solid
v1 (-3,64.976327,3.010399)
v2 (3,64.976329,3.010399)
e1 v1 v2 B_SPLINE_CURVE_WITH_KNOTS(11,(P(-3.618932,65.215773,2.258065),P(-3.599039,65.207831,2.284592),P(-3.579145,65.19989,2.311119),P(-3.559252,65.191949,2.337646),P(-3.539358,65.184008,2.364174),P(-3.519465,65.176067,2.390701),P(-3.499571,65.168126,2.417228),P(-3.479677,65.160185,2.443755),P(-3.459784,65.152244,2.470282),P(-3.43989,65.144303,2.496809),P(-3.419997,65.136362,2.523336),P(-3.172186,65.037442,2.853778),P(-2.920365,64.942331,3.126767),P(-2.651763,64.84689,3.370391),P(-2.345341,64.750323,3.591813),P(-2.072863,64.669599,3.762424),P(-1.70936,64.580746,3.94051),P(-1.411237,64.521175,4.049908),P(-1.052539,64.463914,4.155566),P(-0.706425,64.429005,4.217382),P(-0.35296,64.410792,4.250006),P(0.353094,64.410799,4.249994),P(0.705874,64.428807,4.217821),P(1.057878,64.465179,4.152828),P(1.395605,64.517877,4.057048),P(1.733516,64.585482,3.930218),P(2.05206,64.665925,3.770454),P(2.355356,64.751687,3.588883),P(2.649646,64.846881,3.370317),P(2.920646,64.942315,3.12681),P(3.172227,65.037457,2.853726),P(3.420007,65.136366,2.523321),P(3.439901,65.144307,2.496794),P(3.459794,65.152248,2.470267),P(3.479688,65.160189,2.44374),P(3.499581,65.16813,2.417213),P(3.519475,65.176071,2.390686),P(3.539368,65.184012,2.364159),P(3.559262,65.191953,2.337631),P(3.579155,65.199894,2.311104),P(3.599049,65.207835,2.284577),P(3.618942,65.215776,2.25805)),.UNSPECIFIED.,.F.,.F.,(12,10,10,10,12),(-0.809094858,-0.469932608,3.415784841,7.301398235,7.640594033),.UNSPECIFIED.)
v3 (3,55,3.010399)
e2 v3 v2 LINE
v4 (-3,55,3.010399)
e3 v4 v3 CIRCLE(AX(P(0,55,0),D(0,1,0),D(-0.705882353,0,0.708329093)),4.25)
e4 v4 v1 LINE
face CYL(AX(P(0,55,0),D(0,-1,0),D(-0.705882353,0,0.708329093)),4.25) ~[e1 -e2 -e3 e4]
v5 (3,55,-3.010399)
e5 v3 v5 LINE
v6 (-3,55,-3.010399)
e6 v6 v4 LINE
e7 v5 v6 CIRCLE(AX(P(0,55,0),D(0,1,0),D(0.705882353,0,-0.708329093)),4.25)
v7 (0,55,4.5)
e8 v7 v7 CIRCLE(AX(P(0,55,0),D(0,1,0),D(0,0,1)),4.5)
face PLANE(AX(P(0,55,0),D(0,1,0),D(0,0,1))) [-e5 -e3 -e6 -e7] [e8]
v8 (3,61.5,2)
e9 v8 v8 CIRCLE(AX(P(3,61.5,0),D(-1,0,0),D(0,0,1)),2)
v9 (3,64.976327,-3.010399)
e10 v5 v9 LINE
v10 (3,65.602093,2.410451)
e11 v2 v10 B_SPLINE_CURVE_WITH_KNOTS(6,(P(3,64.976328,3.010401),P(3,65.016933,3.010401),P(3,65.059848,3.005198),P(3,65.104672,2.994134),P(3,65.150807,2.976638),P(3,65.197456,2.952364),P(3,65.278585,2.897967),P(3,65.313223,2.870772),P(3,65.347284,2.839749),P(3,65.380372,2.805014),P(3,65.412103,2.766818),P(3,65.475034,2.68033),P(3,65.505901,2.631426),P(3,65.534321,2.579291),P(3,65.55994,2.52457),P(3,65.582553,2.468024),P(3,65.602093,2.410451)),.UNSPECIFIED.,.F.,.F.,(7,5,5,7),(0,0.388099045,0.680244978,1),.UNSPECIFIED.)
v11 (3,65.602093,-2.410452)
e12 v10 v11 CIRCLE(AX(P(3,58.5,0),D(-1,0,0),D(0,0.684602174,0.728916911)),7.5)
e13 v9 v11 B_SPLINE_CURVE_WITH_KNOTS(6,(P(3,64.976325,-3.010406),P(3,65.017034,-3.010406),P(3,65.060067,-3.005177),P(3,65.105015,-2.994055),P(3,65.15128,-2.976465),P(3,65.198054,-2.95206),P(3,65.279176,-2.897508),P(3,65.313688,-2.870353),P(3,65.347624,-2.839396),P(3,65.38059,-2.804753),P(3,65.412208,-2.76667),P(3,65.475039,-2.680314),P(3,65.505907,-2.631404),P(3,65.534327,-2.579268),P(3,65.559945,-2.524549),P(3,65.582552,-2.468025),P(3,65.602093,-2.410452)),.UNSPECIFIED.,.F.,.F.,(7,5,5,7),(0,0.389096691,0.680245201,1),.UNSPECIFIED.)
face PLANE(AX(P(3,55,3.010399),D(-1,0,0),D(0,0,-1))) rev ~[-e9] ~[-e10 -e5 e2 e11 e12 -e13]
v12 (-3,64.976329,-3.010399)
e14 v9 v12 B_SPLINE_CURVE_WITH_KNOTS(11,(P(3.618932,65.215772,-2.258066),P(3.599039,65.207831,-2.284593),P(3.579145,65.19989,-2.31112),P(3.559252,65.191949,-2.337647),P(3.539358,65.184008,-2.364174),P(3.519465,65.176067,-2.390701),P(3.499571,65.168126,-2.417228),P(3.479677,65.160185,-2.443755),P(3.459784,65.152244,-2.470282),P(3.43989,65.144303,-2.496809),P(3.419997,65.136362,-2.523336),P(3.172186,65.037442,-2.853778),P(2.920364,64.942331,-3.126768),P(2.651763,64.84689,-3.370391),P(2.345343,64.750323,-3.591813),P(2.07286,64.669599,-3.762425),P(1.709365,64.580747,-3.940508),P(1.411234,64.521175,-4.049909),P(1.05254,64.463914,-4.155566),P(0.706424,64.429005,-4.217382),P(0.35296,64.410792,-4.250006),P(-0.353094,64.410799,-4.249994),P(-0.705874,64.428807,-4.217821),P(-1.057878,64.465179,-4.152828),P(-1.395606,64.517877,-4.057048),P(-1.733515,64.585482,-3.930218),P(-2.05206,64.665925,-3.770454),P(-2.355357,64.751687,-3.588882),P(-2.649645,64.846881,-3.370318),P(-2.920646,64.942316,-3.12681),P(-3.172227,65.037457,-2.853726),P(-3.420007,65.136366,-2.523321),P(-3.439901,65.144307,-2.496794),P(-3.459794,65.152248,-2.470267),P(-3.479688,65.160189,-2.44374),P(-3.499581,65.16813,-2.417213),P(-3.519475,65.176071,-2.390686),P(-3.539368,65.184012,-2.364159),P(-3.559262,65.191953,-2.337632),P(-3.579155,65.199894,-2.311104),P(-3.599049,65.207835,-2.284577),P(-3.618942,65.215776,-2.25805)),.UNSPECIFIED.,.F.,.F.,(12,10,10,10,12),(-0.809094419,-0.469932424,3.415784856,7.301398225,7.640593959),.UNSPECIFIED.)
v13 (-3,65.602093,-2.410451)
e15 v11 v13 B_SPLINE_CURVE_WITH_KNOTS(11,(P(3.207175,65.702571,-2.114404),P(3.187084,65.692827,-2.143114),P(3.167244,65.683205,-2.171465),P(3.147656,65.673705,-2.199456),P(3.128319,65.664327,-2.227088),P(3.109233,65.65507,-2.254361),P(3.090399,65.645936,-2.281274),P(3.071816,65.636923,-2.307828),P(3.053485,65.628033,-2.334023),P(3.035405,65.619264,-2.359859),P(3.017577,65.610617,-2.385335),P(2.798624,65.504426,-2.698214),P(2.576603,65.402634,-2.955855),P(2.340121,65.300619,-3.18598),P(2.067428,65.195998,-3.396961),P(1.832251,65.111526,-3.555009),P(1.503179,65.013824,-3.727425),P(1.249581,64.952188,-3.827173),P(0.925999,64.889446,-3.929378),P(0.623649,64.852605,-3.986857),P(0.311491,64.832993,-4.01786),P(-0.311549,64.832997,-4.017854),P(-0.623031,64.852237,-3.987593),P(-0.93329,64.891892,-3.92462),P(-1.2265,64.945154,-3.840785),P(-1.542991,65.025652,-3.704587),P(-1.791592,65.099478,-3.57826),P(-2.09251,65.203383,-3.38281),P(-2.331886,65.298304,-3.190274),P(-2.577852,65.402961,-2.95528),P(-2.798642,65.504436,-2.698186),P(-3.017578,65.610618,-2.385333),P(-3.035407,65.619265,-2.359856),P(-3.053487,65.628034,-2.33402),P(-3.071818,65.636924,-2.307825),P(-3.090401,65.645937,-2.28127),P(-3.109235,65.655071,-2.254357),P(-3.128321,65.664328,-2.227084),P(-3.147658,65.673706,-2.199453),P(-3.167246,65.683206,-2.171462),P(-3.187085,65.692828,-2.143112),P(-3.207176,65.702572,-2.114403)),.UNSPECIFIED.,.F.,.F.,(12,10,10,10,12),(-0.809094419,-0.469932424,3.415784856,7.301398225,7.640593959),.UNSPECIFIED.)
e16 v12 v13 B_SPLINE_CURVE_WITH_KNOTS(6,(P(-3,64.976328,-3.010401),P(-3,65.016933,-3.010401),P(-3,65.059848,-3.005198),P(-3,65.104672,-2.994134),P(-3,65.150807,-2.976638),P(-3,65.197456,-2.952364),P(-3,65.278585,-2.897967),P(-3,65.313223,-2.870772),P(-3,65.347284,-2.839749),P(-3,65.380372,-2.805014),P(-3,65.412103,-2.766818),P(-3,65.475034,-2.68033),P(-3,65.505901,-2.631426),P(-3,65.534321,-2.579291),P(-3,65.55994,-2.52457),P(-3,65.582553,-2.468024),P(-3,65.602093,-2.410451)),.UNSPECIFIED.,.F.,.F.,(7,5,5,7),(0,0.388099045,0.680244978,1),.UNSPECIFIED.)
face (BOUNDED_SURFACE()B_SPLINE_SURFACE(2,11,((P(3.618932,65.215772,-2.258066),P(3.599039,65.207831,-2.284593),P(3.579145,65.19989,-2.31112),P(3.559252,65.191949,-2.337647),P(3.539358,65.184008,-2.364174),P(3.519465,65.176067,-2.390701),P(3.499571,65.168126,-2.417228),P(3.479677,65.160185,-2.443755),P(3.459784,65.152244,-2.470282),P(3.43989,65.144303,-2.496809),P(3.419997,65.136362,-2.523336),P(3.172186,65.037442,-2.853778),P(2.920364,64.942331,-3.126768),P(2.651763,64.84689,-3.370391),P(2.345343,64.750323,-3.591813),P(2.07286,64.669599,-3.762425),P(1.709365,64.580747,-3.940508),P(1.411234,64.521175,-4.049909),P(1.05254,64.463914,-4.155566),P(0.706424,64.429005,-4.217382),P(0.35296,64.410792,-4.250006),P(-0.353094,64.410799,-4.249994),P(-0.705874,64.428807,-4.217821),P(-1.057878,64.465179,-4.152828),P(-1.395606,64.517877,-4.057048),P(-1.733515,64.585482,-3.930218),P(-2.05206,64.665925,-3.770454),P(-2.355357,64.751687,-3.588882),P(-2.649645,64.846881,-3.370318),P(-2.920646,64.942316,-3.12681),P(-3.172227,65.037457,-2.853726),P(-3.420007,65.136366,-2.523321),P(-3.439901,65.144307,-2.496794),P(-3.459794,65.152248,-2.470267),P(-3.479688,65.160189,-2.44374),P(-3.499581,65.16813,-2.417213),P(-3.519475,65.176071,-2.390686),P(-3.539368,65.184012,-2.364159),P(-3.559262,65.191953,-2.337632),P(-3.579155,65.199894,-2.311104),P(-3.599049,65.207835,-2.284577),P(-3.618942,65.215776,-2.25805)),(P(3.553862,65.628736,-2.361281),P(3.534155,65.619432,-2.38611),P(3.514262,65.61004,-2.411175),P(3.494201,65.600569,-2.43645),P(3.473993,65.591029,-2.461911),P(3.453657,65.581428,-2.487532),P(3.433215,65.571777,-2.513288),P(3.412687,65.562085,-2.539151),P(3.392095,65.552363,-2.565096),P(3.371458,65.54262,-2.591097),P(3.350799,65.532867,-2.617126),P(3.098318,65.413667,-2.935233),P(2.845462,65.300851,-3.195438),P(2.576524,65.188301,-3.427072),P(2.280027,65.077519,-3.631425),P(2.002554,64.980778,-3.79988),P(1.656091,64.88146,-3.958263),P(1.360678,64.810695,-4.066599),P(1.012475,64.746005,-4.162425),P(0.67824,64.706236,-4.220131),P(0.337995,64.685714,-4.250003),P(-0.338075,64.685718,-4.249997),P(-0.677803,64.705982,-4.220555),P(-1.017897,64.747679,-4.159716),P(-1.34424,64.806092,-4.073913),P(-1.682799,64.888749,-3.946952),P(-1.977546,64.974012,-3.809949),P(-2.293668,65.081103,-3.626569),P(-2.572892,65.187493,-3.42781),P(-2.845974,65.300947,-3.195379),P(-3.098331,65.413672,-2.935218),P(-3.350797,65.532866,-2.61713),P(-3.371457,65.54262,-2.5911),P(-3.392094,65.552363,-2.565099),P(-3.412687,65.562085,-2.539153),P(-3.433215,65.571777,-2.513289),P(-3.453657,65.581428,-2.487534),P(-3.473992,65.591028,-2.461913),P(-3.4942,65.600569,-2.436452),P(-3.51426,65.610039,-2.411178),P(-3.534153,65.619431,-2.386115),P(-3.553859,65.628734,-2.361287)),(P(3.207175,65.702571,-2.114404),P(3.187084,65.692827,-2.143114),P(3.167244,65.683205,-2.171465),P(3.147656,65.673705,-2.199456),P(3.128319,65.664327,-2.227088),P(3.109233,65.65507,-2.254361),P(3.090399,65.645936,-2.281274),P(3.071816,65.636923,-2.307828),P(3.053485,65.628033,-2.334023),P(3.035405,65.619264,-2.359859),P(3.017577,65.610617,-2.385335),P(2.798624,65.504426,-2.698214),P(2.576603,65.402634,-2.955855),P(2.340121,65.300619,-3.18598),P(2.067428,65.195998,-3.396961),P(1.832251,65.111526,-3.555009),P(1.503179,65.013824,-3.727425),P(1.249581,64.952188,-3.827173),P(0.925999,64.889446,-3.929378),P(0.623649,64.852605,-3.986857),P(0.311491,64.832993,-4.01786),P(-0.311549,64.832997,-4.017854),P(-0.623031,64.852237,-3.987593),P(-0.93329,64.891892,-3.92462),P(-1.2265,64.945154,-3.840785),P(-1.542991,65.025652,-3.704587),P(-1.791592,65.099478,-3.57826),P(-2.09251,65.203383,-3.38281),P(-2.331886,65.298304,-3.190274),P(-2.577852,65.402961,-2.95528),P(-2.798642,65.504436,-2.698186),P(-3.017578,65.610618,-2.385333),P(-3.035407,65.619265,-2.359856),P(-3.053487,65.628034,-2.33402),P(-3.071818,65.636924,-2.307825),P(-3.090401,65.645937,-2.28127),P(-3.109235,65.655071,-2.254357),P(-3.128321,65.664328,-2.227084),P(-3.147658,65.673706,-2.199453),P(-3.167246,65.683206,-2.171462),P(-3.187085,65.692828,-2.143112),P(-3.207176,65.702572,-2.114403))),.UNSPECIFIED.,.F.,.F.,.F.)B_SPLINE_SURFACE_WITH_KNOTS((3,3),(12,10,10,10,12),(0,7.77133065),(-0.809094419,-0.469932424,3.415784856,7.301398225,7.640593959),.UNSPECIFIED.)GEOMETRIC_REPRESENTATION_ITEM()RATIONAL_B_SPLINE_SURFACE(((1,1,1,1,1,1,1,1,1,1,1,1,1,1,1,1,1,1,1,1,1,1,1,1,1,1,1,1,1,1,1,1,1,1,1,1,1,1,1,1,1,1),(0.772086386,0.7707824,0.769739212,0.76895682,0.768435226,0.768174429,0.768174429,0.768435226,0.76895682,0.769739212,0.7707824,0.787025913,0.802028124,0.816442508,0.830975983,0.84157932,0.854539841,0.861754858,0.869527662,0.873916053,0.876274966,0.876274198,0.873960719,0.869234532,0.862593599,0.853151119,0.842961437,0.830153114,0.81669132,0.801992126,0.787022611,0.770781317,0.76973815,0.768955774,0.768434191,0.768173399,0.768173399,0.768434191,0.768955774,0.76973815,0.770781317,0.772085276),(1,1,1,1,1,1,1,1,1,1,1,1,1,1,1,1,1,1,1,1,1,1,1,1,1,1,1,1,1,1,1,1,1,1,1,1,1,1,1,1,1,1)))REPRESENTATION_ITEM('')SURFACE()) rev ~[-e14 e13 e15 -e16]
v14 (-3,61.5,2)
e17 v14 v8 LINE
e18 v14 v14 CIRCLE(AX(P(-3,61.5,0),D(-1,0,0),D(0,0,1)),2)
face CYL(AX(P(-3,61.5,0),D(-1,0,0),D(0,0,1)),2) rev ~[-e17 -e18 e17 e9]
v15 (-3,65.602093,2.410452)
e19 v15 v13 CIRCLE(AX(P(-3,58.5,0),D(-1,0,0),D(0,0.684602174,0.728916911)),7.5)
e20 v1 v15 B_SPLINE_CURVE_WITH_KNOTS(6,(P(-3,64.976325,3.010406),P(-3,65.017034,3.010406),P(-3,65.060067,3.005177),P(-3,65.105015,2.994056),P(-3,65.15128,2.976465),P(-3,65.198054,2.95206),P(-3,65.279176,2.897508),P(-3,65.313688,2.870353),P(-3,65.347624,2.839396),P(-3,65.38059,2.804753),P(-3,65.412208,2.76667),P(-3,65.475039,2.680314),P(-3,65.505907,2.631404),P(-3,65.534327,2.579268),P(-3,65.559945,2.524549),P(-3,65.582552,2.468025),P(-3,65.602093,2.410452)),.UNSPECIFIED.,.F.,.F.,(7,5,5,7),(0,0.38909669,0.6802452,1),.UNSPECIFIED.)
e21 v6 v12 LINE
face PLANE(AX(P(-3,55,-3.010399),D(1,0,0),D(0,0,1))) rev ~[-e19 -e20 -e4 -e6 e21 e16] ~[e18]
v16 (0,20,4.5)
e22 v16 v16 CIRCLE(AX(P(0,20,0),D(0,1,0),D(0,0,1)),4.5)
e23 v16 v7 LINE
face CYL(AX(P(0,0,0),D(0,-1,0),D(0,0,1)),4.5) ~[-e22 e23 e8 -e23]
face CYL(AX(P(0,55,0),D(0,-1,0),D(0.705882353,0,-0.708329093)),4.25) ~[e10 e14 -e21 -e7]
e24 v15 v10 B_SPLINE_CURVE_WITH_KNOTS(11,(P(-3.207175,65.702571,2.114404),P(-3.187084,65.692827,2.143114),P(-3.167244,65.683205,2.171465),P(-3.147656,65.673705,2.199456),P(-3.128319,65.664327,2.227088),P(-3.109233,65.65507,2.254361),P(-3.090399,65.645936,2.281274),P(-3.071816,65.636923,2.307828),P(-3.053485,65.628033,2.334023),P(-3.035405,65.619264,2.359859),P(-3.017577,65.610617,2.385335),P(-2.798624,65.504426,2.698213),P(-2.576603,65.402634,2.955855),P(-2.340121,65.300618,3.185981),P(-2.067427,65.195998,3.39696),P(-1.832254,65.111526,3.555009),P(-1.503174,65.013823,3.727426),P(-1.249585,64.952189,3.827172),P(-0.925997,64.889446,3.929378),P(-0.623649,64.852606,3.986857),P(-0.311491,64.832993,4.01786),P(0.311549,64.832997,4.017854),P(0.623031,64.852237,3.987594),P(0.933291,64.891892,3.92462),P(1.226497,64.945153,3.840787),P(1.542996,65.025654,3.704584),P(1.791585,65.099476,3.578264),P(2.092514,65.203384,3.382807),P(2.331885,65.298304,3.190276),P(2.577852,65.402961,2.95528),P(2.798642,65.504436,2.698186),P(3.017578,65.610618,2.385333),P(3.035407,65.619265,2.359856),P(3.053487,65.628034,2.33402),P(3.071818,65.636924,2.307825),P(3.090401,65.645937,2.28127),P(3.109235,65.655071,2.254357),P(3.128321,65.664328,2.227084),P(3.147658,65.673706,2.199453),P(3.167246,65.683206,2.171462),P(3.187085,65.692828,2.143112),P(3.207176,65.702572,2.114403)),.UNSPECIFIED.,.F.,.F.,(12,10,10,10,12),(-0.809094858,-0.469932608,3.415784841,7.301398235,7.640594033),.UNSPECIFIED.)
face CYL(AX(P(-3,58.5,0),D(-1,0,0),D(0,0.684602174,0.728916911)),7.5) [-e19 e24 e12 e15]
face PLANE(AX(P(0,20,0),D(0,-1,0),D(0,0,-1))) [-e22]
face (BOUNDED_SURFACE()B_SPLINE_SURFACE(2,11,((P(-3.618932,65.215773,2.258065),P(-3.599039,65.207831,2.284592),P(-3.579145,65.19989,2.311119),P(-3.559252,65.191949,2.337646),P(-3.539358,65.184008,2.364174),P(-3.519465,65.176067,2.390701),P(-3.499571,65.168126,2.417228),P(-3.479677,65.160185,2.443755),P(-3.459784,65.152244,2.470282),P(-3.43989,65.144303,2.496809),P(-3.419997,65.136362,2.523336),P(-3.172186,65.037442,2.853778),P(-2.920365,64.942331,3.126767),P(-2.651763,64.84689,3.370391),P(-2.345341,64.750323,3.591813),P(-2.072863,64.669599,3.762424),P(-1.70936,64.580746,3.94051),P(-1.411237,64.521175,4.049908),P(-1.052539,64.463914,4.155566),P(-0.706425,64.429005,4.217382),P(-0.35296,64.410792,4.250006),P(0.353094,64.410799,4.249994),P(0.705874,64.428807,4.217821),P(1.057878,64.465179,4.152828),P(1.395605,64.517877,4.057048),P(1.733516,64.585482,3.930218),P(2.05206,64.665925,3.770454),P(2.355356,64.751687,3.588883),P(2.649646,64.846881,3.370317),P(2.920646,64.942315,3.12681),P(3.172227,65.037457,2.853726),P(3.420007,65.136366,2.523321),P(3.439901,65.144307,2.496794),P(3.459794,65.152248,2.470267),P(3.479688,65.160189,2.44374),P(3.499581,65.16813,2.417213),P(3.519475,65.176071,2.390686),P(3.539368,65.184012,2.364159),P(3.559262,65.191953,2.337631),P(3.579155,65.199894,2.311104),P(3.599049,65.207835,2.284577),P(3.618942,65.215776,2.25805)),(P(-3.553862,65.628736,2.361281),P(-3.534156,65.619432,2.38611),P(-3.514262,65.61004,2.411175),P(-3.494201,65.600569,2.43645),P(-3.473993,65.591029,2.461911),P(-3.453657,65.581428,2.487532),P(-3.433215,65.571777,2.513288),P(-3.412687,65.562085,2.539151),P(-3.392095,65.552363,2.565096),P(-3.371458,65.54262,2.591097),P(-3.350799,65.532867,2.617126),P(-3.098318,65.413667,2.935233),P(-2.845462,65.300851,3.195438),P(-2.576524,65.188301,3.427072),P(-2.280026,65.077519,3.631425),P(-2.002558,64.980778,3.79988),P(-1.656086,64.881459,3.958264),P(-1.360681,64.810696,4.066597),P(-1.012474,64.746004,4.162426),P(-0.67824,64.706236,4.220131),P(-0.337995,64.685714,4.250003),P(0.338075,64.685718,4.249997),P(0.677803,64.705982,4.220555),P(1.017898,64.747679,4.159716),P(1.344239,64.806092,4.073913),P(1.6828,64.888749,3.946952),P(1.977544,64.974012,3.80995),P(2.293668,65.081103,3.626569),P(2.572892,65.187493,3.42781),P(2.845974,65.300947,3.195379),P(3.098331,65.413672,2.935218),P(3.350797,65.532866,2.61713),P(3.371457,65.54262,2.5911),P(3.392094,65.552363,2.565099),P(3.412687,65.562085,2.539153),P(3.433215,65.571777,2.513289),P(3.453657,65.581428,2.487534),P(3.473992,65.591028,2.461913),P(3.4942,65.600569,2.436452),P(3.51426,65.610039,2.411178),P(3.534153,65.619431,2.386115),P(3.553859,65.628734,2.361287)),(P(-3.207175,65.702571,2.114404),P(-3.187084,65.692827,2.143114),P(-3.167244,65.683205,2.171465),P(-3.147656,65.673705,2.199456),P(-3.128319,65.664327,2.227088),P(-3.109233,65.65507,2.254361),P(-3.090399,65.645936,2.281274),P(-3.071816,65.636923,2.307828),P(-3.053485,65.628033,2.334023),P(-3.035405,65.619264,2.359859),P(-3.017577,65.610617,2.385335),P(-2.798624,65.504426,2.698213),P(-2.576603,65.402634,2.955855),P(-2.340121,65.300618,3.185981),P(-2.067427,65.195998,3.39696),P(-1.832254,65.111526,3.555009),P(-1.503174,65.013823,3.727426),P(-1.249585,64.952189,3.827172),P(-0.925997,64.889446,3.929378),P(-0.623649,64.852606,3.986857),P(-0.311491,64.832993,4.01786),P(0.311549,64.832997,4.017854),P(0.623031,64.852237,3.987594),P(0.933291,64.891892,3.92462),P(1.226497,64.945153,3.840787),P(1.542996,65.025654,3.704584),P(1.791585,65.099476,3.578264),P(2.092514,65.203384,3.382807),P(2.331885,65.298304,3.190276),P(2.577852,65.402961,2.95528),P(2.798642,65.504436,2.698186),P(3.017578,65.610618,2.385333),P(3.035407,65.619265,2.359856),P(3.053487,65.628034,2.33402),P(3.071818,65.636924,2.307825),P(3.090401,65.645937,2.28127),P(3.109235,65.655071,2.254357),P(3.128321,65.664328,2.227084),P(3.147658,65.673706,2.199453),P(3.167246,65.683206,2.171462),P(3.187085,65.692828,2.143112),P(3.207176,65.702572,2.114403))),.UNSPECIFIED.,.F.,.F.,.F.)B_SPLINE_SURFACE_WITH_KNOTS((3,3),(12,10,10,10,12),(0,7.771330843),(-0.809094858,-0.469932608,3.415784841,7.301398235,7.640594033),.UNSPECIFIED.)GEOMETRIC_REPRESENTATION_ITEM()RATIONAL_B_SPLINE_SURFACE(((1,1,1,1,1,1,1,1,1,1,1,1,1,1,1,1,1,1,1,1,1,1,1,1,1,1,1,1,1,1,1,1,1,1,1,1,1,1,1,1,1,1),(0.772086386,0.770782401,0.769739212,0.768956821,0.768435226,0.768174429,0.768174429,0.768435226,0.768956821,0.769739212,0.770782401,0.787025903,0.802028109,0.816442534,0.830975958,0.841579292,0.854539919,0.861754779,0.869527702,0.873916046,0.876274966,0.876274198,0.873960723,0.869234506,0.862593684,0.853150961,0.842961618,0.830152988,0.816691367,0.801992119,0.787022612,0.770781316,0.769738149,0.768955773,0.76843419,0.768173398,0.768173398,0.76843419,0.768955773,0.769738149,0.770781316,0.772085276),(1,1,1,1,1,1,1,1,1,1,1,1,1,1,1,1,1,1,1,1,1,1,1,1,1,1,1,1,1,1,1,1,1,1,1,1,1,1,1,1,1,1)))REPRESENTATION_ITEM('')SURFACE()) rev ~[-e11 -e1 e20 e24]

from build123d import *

# Parameters (mm, degrees)
SKETCH_1_R          = 4.5
EXTRUDE_1_DEPTH     = 55
EXTRUDE_2_DEPTH     = 15
SKETCH_4_R          = 2
CUT_EXTRUDE_1_DEPTH = 71.544312315
CUT_EXTRUDE_3_DEPTH = 71.544312315
FILLET_1_R          = 0.5
SKETCH1_R           = 4.5
CUT_EXTRUDE1_DEPTH  = 20


with BuildPart() as part:
    # 草图1 → 凸台-拉伸1 (new body)
    with BuildSketch(Plane(origin=(0, 0, 0), x_dir=(1, 0, 0), z_dir=(0, 1, 0))):
        with Locations(Location((0, 0, 0), (0, 0, 270))):
            Circle(SKETCH_1_R)
    extrude(amount=EXTRUDE_1_DEPTH)

    # 草图2 → 凸台-拉伸2 (add)
    with BuildSketch(Plane(origin=(0, 55, 0), x_dir=(1, 0, 0), z_dir=(0, 1, 0))):
        with BuildLine():
            Line((-3, 3.010398645), (-3, -3.010398645))
            ThreePointArc((-3, -3.010398645), (0, -4.25), (3, -3.010398645))
            Line((3, -3.010398645), (3, 3.010398645))
            ThreePointArc((3, 3.010398645), (0, 4.25), (-3, 3.010398645))
        make_face()
    extrude(amount=EXTRUDE_2_DEPTH)

    # 草图4 → 切除-拉伸1 (cut, through all)
    with BuildSketch(Plane.ZY.offset(3)):
        with Locations((0, 61.5)):
            Circle(SKETCH_4_R)
    extrude(amount=-CUT_EXTRUDE_1_DEPTH, mode=Mode.SUBTRACT)

    # 草图5 → 切除-拉伸3 (cut, through all)
    with BuildSketch(Plane.ZY.offset(3)):
        with BuildLine():
            Line((-4.813255022, 64.251745482), (-4.813255022, 72.406434262))
            Line((-4.813255022, 72.406434262), (5.466876832, 72.406434262))
            Line((5.466876832, 72.406434262), (5.466876832, 63.634516306))
            ThreePointArc((5.466876832, 63.634516306), (0.449497866, 65.986517994), (-4.813255022, 64.251745482))
        make_face()
    extrude(amount=-CUT_EXTRUDE_3_DEPTH, mode=Mode.SUBTRACT)

    # 圆角1
    fillet_1_edges = [part.edges().sort_by_distance(p)[0] for p in [
        (0, 64.679603547, -4.25),
        (0, 64.679603547, 4.25),
    ]]
    fillet(fillet_1_edges, radius=FILLET_1_R)

    # Sketch1 → Cut-Extrude1 (cut)
    with BuildSketch(Plane.XZ):
        with Locations(Location((0, 0, 0), (0, 0, 270))):
            Circle(SKETCH1_R)
    extrude(amount=-CUT_EXTRUDE1_DEPTH, mode=Mode.SUBTRACT)


solid = part.part
